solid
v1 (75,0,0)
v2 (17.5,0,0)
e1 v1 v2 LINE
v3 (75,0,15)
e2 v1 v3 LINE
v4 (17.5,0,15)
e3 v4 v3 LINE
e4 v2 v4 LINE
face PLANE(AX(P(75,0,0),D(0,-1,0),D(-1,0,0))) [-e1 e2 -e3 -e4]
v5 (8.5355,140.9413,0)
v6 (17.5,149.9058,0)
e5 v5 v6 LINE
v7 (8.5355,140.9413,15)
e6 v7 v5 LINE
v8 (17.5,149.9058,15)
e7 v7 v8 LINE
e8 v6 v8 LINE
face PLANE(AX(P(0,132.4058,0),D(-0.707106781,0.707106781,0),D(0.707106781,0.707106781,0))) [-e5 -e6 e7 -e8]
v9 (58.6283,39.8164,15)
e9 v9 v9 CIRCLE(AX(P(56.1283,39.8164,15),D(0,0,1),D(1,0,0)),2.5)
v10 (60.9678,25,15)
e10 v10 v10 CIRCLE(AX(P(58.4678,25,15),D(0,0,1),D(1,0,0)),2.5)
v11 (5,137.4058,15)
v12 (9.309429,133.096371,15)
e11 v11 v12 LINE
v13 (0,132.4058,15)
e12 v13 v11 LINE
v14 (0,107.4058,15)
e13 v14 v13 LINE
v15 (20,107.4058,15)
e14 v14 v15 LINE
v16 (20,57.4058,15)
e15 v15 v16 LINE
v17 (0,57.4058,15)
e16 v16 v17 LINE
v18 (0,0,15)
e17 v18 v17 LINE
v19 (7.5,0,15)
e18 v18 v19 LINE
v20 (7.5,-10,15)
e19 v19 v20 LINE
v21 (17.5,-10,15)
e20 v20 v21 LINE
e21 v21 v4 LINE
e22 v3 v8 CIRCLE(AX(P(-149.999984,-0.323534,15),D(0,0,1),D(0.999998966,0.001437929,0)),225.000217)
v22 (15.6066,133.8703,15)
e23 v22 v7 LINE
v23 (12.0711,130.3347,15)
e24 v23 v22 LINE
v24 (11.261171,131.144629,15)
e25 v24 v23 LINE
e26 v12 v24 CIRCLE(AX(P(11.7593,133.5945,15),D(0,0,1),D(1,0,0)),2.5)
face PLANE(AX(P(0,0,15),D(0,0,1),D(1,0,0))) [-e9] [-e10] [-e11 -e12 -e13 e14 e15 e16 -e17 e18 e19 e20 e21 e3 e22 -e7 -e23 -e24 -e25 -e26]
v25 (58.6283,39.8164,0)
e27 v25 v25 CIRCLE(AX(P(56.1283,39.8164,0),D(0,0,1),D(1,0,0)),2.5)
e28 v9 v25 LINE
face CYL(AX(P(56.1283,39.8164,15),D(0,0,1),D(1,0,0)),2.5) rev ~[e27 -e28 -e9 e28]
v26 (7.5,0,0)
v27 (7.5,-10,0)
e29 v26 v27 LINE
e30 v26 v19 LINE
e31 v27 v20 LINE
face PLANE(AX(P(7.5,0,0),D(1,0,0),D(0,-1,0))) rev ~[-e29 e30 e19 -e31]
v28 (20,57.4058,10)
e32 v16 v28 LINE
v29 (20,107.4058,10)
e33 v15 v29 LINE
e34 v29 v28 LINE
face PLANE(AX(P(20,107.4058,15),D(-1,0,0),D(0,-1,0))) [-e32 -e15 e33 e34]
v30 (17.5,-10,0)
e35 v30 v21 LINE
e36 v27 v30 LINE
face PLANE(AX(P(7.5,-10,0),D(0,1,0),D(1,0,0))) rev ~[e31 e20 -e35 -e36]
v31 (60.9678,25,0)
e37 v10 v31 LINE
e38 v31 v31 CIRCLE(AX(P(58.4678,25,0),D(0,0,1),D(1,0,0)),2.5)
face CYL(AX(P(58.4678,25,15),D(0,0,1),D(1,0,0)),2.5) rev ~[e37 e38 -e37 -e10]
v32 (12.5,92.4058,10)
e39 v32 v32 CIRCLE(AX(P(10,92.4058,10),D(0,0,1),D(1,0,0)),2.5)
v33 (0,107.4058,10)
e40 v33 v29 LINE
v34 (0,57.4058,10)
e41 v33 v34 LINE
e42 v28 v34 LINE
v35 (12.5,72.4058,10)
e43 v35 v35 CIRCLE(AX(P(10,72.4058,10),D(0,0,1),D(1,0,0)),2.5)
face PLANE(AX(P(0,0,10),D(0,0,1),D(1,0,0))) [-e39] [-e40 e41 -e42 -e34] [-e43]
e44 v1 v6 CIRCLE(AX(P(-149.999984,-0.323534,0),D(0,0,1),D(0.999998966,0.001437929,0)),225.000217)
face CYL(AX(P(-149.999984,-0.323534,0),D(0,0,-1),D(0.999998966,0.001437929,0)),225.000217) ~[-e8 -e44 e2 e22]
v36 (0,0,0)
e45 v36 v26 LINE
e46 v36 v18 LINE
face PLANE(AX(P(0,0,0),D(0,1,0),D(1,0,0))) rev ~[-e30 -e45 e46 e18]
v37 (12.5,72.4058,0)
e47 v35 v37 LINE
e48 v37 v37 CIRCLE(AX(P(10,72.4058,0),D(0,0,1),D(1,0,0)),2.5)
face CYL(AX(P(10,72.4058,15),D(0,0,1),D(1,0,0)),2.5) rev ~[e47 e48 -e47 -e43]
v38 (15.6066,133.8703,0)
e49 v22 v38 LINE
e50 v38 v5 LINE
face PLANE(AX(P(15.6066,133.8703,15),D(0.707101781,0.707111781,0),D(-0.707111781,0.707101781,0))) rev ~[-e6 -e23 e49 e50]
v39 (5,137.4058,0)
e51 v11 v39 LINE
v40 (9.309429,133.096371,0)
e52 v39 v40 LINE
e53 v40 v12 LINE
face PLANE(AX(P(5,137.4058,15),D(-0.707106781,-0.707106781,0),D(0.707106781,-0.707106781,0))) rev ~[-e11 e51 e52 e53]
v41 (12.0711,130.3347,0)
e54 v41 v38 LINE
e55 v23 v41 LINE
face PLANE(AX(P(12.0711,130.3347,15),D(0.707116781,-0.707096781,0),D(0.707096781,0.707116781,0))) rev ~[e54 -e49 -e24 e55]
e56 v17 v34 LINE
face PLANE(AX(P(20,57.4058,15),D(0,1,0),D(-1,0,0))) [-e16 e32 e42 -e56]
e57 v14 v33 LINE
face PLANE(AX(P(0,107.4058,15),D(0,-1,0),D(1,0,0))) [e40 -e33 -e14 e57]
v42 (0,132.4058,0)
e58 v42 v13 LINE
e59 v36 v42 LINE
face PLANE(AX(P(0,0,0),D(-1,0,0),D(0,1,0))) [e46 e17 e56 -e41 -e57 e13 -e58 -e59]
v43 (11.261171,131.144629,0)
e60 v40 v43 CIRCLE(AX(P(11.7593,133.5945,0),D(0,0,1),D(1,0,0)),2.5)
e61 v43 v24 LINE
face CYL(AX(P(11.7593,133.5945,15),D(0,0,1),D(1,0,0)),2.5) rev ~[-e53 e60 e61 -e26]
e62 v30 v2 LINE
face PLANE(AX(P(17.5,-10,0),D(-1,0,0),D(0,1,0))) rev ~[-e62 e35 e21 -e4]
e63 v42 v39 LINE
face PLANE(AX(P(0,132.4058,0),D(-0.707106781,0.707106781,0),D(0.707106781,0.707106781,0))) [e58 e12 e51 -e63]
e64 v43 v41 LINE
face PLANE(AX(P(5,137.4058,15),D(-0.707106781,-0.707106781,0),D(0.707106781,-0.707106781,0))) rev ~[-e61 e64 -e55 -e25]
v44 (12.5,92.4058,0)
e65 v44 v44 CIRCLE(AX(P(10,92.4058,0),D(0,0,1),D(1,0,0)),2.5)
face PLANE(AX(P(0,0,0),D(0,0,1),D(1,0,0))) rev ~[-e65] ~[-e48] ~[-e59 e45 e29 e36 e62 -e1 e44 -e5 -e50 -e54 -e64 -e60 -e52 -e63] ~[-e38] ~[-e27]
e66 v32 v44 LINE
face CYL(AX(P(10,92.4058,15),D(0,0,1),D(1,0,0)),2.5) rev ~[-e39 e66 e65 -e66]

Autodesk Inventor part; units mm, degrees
ref_plane "YZ Plane" through (0, 0, 0) normal (1, 0, 0) x (0, 1, 0)
ref_plane "XZ Plane" through (0, 0, 0) normal (0, 1, 0) x (-1, 0, 0)
ref_plane "XY Plane" through (0, 0, 0) normal (0, 0, 1) x (1, 0, 0)
sketch "Sketch1" plane through (0, 0, 0) normal (0, 0, 1) x (1, 0, 0)
  circle A0 centre (-149.9998, -0.3235) radius 225 construction
  line L0 (0, 0) -> (0, 132.4058)
  line L1 (0, 132.4058) -> (17.5, 149.9058)
  line L2 (0, 132.4058) -> (24.7487, 132.4058) construction
  arc A1 (75, 0) -> (17.5, 149.9058) centre (-149.9998, -0.3235) ccw
  line L3 (75, 0) -> (25, 0)
  line L4 (25, 0) -> (17.5, 0)
  line L5 (0, 0) -> (7.5, 0)
  line L6 (7.5, 0) -> (7.5, -10)
  line L7 (7.5, -10) -> (17.5, -10)
  line L8 (17.5, -10) -> (17.5, 0)
  circle A2 centre (-149.9998, -0.3235) radius 200 construction
  line L9 (17.5, 149.9058) -> (17.5, 0)
  dimension "d0" = 75
  dimension "d1" = 450
  dimension "d3" = 45
  dimension "d37" = 50
  dimension "d38" = 7.5
  dimension "d39" = 7.5
  dimension "d40" = 10
  dimension "d41" = 25
  dimension "d79" = 149.9058
extrude "Extrusion1" add sketch "Sketch1" along normal blind 15
sketch "Sketch2" plane through (0, 0, 15) normal (0, 0, 1) x (1, 0, 0)
  circle A0 centre (58.4678, 25) radius 2.5
  circle A1 centre (56.1283, 39.8164) radius 2.5
  line L0 (0, 132.4058) -> (0, 0) projected
  line L1 (0, 0) -> (7.5, 0) projected
  line L2 (7.5, 0) -> (7.5, -10) projected
  line L3 (7.5, -10) -> (17.5, -10) projected
  line L4 (17.5, -10) -> (17.5, 0) projected
  line L5 (17.5, 0) -> (75, 0) projected
  arc A2 (75, 0) -> (17.5, 149.9058) centre (-149.9998, -0.3235) ccw projected
  line L6 (17.5, 149.9058) -> (0, 132.4058) projected
  arc A3 (59.4404, 15) -> (16.4825, 127.6751) centre (-149.9998, -0.3235) ccw construction
  line L7 (59.4404, 15) -> (17.5, 15) construction
  line L8 (17.5, 15) -> (15, 15) construction
  line L9 (15, 15) -> (15, 126.1926) construction
  line L10 (15, 126.1926) -> (16.4825, 127.6751) construction
  circle A4 centre (11.7593, 133.5945) radius 2.5
  circle A5 centre (-149.9998, -0.3235) radius 225 construction
  circle A6 centre (-149.9998, -0.3235) radius 210 construction
  dimension "d6" = 5
  dimension "d7" = 5
  dimension "d8" = 15
  dimension "d10" = 25
  dimension "d42" = 15
  dimension "d43" = 5
  dimension "d45" = 450
  dimension "d46" = 15
  dimension "d49" = 7.4745
extrude "Extrusion2" cut sketch "Sketch2" against normal through all contours A0 | A1 | A4
sketch "Sketch5" plane through (0, 0, 15) normal (0, 0, 1) x (1, 0, 0)
  line L0 (5, 137.4058) -> (12.0711, 130.3347)
  line L1 (5, 137.4058) -> (15, 137.4058) construction
  line L2 (12.0711, 130.3347) -> (15.6066, 133.8703)
  line L3 (15.6066, 133.8703) -> (8.5355, 140.9413)
  line L4 (8.5355, 140.9413) -> (5, 137.4058)
  line L5 (17.5, 149.9058) -> (0, 132.4058) projected
  point P0 (0, 0)
  dimension "d29" = 10
  dimension "d30" = 45
  dimension "d31" = 5
  dimension "d32" = 10
  dimension "d33" = 90
  dimension "d34" = 5
extrude "Extrusion3" cut sketch "Sketch5" against normal through all
thread "Thread1" size "M5x0.8" class "6H" standard "ANSI Metric M Profile" full length
thread "Thread2" size "M5x0.8" class "6H" standard "ANSI Metric M Profile" full length
thread "Thread3" size "M5x0.8" class "6H" standard "ANSI Metric M Profile" full length
sketch "Sketch6" plane through (0, 0, 15) normal (0, 0, 1) x (1, 0, 0)
  line L0 (0, 107.4058) -> (20, 107.4058) construction
  line L1 (20, 107.4058) -> (20, 57.4058) construction
  line L2 (20, 57.4058) -> (0, 57.4058) construction
  line L3 (0, 57.4058) -> (0, 107.4058) construction
  line L4 (8.5355, 140.9413) -> (15.6066, 133.8703) construction
  line L5 (15.6066, 133.8703) -> (12.0711, 130.3347) construction
  line L6 (9.3094, 133.0964) -> (5, 137.4058) construction
  line L7 (5, 137.4058) -> (0, 132.4058) construction
  line L8 (0, 132.4058) -> (0, 0) construction
  line L9 (0, 0) -> (7.5, 0) construction
  line L10 (7.5, 0) -> (7.5, -10) construction
  line L11 (7.5, -10) -> (17.5, -10) construction
  line L12 (17.5, -10) -> (17.5, 0) construction
  line L13 (17.5, 0) -> (75, 0) construction
  arc A0 (75, 0) -> (17.5, 149.9058) centre (-149.9998, -0.3235) ccw construction
  line L14 (17.5, 149.9058) -> (8.5355, 140.9413) construction
  arc A1 (9.3094, 133.0964) -> (11.2612, 131.1446) centre (11.7593, 133.5945) ccw construction
  circle A2 centre (58.4678, 25) radius 2.5 construction
  circle A3 centre (56.1283, 39.8164) radius 2.5 construction
  circle A4 centre (10, 92.4058) radius 2.5
  circle A5 centre (10, 72.4058) radius 2.5
  line L15 (0, 132.4058) -> (0, 0) projected
  line L16 (12.0711, 130.3347) -> (11.2612, 131.1446) projected
  dimension "d50" = 20
  dimension "d51" = 50
  dimension "d52" = 25
  dimension "d53" = 5
  dimension "d54" = 5
  dimension "d55" = 20
  dimension "d56" = 15
  dimension "d57" = 10
extrude "Extrusion4" cut sketch "Sketch6" against normal through all
thread "Thread4" size "M5x0.8" class "6H" standard "ANSI Metric M Profile" full length
thread "Thread5" size "M5x0.8" class "6H" standard "ANSI Metric M Profile" full length
sketch "Sketch9" plane through (0, 0, 15) normal (0, 0, 1) x (1, 0, 0)
  line L0 (0, 132.4058) -> (0, 0) projected
  line L1 (0, 107.4058) -> (20, 107.4058)
  line L2 (20, 107.4058) -> (20, 57.4058)
  line L3 (20, 57.4058) -> (0, 57.4058)
  line L4 (0, 57.4058) -> (0, 107.4058)
  dimension "d74" = 20
  dimension "d75" = 50
  dimension "d76" = 25
extrude "Extrusion7" cut sketch "Sketch9" against normal blind 5
properties part number "CP001" material "ABS Plastic"
